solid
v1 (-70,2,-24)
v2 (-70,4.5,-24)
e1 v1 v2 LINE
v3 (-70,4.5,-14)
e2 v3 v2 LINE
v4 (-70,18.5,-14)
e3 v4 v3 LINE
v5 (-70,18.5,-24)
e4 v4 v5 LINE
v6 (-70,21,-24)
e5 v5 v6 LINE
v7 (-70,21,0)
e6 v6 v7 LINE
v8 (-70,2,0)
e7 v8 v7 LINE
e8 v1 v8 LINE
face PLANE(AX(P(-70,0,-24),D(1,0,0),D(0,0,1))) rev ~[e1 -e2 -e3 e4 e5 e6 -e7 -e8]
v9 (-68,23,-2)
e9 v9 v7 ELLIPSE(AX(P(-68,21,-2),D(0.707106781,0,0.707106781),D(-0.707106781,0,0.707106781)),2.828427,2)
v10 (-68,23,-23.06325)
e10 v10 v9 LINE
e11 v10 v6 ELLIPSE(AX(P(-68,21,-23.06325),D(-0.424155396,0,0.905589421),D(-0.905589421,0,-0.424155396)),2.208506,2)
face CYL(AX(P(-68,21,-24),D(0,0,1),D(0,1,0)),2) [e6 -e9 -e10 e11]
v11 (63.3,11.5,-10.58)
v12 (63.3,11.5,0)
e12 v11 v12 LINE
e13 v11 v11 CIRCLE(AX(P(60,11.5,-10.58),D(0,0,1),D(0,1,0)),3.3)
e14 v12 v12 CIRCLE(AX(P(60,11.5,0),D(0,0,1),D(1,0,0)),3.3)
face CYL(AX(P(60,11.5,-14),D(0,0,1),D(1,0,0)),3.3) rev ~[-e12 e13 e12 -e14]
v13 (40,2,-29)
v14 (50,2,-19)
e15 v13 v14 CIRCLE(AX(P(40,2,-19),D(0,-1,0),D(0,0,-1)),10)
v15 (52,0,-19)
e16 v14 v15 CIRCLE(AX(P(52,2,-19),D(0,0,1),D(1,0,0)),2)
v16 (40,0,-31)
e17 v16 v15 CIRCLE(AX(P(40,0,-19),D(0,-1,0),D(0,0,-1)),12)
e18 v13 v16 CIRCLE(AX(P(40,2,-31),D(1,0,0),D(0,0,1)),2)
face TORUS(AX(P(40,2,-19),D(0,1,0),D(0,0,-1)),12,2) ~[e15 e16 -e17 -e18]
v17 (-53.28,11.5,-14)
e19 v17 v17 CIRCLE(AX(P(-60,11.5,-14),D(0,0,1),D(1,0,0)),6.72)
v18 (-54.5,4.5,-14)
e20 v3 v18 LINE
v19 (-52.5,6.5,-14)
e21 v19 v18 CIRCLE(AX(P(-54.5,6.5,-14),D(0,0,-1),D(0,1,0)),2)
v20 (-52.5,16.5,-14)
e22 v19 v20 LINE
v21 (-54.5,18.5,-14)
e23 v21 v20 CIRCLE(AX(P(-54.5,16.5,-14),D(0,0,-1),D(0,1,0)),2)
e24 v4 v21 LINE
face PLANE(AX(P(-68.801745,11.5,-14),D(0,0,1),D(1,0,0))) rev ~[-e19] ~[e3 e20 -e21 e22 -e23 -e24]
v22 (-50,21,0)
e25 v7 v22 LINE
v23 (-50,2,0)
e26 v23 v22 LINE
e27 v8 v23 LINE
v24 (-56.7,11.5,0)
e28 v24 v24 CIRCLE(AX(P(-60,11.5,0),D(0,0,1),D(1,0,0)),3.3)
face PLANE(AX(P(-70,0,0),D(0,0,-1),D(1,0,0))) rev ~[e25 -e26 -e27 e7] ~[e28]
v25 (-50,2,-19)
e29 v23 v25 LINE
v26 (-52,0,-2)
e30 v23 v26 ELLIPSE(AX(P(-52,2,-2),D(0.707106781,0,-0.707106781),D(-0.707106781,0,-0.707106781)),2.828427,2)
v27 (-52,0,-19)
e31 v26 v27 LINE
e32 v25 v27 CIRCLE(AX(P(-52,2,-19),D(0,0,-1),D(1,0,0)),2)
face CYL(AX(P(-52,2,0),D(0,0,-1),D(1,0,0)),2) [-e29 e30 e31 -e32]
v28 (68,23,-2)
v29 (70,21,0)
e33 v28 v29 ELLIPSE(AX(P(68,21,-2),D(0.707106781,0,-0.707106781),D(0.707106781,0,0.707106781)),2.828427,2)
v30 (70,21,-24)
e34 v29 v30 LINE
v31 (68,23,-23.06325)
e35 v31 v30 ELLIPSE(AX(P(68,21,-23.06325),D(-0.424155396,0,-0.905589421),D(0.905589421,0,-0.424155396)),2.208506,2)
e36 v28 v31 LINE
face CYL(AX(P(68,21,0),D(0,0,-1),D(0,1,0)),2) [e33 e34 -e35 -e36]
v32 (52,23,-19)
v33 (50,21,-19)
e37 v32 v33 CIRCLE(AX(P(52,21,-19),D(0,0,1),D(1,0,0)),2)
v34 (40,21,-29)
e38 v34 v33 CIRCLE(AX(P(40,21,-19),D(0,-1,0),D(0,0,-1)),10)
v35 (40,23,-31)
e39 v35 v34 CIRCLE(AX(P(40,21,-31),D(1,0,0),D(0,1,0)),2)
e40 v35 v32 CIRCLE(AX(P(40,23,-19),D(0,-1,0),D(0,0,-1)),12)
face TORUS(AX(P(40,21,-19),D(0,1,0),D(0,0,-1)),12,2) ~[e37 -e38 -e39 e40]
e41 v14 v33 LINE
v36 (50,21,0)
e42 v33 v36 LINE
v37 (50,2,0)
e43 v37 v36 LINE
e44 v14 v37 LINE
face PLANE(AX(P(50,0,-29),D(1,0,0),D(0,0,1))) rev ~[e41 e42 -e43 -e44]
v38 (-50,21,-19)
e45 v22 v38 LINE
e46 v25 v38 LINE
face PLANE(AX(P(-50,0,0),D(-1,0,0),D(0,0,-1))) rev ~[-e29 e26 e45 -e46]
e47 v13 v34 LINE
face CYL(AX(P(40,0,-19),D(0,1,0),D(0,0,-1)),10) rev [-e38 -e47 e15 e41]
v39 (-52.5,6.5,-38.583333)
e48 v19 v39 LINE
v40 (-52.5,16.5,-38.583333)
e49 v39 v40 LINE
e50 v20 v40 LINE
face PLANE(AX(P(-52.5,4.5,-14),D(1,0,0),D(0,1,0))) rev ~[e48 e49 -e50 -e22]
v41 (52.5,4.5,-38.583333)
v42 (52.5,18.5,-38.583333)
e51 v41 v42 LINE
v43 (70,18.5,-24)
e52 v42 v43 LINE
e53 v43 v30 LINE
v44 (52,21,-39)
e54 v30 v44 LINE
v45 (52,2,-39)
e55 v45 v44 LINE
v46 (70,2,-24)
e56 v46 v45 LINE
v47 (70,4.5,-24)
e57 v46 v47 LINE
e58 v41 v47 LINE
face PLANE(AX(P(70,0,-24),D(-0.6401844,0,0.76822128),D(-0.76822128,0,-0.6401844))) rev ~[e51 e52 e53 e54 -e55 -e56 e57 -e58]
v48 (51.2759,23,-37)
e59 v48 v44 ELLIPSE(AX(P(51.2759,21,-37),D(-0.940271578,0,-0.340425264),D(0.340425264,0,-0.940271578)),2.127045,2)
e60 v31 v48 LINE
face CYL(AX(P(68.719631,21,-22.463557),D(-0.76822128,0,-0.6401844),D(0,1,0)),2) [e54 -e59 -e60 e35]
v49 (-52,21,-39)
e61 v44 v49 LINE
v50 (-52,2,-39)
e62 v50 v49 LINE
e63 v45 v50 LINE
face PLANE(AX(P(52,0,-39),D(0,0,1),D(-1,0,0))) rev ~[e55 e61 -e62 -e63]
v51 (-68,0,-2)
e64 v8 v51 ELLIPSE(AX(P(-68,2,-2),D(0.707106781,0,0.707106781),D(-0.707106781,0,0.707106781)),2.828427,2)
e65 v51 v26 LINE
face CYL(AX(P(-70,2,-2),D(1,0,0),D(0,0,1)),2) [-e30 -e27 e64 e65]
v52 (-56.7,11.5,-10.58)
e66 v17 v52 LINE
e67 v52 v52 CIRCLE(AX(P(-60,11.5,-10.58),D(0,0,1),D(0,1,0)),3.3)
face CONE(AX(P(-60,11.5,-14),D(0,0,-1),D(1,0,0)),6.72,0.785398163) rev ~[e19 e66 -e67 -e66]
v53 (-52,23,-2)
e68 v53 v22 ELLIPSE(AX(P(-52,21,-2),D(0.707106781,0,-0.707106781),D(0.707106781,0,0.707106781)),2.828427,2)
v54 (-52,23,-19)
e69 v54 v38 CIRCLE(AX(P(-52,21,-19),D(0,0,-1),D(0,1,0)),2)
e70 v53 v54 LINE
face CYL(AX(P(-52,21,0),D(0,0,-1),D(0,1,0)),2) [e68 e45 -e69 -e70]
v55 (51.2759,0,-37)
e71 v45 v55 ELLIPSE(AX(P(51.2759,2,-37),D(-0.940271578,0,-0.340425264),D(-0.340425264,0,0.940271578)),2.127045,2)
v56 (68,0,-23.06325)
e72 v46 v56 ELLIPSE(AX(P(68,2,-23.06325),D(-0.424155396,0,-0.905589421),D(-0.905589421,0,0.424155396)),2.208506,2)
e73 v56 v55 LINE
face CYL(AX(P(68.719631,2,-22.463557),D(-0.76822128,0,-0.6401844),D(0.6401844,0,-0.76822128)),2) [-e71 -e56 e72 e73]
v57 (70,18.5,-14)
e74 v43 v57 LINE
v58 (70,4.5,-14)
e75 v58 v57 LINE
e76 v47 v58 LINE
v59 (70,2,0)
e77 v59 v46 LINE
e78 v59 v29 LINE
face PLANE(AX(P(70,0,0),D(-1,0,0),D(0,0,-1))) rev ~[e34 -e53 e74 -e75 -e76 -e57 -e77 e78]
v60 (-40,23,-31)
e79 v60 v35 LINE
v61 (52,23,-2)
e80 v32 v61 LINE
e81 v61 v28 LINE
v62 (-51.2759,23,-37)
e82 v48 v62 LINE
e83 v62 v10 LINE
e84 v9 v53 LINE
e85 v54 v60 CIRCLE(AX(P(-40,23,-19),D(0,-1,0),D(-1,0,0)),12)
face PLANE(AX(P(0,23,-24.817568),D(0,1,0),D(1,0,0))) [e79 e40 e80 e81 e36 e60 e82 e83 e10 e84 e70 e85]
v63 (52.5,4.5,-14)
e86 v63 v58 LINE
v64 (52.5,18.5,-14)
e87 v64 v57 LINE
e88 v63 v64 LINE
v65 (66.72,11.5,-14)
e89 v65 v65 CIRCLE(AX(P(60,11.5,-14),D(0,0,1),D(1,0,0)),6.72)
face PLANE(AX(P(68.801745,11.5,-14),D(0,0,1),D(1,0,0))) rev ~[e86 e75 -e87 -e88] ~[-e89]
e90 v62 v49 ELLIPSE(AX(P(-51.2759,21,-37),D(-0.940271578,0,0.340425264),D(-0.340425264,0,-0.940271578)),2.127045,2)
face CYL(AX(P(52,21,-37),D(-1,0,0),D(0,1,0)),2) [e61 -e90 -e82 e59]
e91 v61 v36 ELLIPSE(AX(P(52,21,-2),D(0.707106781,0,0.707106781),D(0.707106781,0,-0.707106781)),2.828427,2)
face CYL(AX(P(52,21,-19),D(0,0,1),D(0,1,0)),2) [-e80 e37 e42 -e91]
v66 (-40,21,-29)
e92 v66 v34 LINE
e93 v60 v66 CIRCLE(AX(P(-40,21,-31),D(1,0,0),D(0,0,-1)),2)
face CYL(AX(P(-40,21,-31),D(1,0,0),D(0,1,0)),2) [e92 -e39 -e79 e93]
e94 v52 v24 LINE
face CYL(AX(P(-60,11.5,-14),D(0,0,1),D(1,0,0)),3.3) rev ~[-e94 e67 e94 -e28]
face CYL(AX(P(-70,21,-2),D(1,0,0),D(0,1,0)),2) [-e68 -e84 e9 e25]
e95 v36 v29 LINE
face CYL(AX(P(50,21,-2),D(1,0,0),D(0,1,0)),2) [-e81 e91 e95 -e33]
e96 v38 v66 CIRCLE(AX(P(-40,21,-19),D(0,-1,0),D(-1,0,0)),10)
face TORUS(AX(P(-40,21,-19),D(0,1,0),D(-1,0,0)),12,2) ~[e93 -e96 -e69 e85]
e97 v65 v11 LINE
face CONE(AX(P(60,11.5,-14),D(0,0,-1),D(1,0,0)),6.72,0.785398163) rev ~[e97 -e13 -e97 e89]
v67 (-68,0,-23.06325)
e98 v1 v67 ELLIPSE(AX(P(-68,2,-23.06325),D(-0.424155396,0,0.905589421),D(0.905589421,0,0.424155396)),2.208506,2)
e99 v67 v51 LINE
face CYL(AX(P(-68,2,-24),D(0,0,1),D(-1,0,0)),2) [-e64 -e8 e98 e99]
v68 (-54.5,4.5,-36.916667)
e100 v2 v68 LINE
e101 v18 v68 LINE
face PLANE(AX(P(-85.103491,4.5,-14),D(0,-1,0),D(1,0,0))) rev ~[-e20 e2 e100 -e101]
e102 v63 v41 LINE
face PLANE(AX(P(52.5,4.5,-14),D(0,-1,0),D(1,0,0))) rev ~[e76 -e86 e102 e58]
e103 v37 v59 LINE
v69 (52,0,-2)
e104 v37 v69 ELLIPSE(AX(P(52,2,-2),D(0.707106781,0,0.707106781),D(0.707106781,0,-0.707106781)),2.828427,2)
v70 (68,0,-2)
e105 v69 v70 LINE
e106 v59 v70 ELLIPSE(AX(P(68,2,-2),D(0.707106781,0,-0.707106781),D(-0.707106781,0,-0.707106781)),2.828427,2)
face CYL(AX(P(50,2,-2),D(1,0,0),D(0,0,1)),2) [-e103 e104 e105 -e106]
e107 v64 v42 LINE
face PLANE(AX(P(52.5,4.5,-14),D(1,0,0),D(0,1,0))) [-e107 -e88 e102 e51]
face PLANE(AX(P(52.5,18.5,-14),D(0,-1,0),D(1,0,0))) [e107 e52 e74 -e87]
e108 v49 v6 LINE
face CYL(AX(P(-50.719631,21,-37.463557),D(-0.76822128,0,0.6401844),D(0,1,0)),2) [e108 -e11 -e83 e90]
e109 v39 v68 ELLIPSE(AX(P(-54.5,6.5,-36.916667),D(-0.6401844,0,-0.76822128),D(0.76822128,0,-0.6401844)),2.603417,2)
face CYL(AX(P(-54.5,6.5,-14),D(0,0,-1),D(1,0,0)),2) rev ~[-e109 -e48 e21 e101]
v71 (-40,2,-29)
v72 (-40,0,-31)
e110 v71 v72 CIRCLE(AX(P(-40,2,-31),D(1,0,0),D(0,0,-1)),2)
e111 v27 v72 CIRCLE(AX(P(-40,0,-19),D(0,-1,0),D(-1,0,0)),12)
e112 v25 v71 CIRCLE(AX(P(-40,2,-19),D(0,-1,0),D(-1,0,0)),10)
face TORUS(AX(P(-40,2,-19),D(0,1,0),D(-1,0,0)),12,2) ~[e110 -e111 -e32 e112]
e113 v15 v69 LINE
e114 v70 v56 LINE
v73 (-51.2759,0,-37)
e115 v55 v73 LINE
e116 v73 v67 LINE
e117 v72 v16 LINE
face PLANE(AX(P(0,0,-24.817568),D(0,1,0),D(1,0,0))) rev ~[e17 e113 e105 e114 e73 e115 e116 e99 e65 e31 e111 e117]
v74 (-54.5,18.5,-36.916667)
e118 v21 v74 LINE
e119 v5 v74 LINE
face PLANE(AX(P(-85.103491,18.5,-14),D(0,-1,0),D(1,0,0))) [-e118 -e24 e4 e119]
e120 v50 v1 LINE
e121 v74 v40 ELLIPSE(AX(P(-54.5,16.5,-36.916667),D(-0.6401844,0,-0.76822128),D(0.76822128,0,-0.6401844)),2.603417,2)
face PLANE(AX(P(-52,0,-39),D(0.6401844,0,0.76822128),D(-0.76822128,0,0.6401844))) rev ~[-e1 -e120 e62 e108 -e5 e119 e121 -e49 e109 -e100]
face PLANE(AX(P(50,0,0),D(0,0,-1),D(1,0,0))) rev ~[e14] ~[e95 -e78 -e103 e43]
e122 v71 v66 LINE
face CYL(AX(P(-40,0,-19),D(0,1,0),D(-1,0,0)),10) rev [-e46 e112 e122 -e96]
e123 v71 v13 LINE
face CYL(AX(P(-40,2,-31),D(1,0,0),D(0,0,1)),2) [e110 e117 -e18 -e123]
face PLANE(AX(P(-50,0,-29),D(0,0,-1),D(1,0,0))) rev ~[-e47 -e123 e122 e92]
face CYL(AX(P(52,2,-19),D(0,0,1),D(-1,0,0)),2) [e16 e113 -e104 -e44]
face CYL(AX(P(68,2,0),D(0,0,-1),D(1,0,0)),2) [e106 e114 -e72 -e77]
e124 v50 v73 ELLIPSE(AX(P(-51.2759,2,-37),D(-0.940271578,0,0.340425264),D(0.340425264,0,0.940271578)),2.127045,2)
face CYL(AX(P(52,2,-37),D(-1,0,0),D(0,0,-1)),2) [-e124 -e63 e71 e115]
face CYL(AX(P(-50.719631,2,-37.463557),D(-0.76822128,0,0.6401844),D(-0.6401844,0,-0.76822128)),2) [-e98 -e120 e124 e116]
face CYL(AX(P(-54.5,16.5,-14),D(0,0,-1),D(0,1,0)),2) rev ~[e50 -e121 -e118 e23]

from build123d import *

# Parameters (mm, degrees)
EXTRUDE_1_DEPTH              = 23
CUT_EXTRUDE_1_DEPTH          = 84.366660003
CUT_EXTRUDE_1_DEPTH_BACK     = 84.366660003
SKETCH_2_R                   = 3.25
CUT_EXTRUDE_START            = -14
SKETCH_3_W                   = 32.603490834
SKETCH_3_H                   = 14
CUT_EXTRUDE_2_DEPTH          = 70.366660003
FILLET_1_R                   = 10
HOLE_WIZARD_M6_1_D           = 6.6
HOLE_WIZARD_M6_1_CSINK_D     = 13.44
HOLE_WIZARD_M6_1_CSINK_ANGLE = 90
FILLET_2_R                   = 2


with BuildPart() as part:
    # 草图1 → 凸台-拉伸1 (new body)
    with BuildSketch(Plane(origin=(0, 0, 0), x_dir=(1, 0, 0), z_dir=(0, 1, 0))):
        Polygon((-50, 0), (-50, 29), (50, 29), (50, 0), (70, 0), (70, 24), (52, 39), (-52, 39), (-70, 24), (-70, 0), align=None)
    extrude(amount=EXTRUDE_1_DEPTH)

    # 草图2 → 切除-拉伸1 (cut, two sides: drawn at the far end of the back side and taken through both)
    with BuildSketch(Plane.XY.offset(-CUT_EXTRUDE_1_DEPTH_BACK)):
        with Locations(Location((-60, 11.5, 0), (0, 0, 180))):
            Circle(SKETCH_2_R)
        with Locations((60, 11.5)):
            Circle(SKETCH_2_R)
    extrude(amount=CUT_EXTRUDE_1_DEPTH + CUT_EXTRUDE_1_DEPTH_BACK, mode=Mode.SUBTRACT)

    # 草图3 → 切除-拉伸2 (cut, through all)
    with BuildSketch(Plane.XY.offset(CUT_EXTRUDE_START)):
        with Locations((68.801745417, 11.5)):
            Rectangle(SKETCH_3_W, SKETCH_3_H)
        with Locations((-68.801745417, 11.5)):
            Rectangle(SKETCH_3_W, SKETCH_3_H)
    extrude(amount=-CUT_EXTRUDE_2_DEPTH, mode=Mode.SUBTRACT)

    # 圆角1
    fillet_1_edges = [part.edges().sort_by_distance(p)[0] for p in [
        (50, 11.5, -29),
        (-50, 11.5, -29),
    ]]
    fillet(fillet_1_edges, radius=FILLET_1_R)

    # M6 六角凹锥坑螺钉的锥形沉头孔1 (through all)
    with Locations(Plane(origin=(60, 11.5, -14), x_dir=(-1, 0, 0), z_dir=(0, 0, -1))):
        with Locations((0, 0), (120, 0)):
            CounterSinkHole(HOLE_WIZARD_M6_1_D / 2, HOLE_WIZARD_M6_1_CSINK_D / 2, counter_sink_angle=HOLE_WIZARD_M6_1_CSINK_ANGLE)

    # 圆角2
    fillet_2_edges = [part.edges().sort_by_distance(p)[0] for p in [
        (-70, 0, -12),
        (-61, 0, -31.5),
        (0, 0, -39),
        (61, 0, -31.5),
        (70, 0, -12),
        (60, 0, 0),
        (-50, 0, -9.5),
        (-60, 0, 0),
        (60, 23, 0),
        (70, 23, -12),
        (61, 23, -31.5),
        (0, 23, -39),
        (-61, 23, -31.5),
        (-70, 23, -12),
        (-60, 23, 0),
        (-52.5, 18.5, -26.291666667),
        (-52.5, 4.5, -26.291666667),
        (50, 0, -9.5),
        (50, 23, -9.5),
        (0, 0, -29),
        (0, 23, -29),
        (47.071067812, 0, -26.071067812),
        (47.071067812, 23, -26.071067812),
        (-47.071067812, 0, -26.071067812),
        (-50, 23, -9.5),
        (-47.071067812, 23, -26.071067812),
    ]]
    fillet(fillet_2_edges, radius=FILLET_2_R)


solid = part.part
